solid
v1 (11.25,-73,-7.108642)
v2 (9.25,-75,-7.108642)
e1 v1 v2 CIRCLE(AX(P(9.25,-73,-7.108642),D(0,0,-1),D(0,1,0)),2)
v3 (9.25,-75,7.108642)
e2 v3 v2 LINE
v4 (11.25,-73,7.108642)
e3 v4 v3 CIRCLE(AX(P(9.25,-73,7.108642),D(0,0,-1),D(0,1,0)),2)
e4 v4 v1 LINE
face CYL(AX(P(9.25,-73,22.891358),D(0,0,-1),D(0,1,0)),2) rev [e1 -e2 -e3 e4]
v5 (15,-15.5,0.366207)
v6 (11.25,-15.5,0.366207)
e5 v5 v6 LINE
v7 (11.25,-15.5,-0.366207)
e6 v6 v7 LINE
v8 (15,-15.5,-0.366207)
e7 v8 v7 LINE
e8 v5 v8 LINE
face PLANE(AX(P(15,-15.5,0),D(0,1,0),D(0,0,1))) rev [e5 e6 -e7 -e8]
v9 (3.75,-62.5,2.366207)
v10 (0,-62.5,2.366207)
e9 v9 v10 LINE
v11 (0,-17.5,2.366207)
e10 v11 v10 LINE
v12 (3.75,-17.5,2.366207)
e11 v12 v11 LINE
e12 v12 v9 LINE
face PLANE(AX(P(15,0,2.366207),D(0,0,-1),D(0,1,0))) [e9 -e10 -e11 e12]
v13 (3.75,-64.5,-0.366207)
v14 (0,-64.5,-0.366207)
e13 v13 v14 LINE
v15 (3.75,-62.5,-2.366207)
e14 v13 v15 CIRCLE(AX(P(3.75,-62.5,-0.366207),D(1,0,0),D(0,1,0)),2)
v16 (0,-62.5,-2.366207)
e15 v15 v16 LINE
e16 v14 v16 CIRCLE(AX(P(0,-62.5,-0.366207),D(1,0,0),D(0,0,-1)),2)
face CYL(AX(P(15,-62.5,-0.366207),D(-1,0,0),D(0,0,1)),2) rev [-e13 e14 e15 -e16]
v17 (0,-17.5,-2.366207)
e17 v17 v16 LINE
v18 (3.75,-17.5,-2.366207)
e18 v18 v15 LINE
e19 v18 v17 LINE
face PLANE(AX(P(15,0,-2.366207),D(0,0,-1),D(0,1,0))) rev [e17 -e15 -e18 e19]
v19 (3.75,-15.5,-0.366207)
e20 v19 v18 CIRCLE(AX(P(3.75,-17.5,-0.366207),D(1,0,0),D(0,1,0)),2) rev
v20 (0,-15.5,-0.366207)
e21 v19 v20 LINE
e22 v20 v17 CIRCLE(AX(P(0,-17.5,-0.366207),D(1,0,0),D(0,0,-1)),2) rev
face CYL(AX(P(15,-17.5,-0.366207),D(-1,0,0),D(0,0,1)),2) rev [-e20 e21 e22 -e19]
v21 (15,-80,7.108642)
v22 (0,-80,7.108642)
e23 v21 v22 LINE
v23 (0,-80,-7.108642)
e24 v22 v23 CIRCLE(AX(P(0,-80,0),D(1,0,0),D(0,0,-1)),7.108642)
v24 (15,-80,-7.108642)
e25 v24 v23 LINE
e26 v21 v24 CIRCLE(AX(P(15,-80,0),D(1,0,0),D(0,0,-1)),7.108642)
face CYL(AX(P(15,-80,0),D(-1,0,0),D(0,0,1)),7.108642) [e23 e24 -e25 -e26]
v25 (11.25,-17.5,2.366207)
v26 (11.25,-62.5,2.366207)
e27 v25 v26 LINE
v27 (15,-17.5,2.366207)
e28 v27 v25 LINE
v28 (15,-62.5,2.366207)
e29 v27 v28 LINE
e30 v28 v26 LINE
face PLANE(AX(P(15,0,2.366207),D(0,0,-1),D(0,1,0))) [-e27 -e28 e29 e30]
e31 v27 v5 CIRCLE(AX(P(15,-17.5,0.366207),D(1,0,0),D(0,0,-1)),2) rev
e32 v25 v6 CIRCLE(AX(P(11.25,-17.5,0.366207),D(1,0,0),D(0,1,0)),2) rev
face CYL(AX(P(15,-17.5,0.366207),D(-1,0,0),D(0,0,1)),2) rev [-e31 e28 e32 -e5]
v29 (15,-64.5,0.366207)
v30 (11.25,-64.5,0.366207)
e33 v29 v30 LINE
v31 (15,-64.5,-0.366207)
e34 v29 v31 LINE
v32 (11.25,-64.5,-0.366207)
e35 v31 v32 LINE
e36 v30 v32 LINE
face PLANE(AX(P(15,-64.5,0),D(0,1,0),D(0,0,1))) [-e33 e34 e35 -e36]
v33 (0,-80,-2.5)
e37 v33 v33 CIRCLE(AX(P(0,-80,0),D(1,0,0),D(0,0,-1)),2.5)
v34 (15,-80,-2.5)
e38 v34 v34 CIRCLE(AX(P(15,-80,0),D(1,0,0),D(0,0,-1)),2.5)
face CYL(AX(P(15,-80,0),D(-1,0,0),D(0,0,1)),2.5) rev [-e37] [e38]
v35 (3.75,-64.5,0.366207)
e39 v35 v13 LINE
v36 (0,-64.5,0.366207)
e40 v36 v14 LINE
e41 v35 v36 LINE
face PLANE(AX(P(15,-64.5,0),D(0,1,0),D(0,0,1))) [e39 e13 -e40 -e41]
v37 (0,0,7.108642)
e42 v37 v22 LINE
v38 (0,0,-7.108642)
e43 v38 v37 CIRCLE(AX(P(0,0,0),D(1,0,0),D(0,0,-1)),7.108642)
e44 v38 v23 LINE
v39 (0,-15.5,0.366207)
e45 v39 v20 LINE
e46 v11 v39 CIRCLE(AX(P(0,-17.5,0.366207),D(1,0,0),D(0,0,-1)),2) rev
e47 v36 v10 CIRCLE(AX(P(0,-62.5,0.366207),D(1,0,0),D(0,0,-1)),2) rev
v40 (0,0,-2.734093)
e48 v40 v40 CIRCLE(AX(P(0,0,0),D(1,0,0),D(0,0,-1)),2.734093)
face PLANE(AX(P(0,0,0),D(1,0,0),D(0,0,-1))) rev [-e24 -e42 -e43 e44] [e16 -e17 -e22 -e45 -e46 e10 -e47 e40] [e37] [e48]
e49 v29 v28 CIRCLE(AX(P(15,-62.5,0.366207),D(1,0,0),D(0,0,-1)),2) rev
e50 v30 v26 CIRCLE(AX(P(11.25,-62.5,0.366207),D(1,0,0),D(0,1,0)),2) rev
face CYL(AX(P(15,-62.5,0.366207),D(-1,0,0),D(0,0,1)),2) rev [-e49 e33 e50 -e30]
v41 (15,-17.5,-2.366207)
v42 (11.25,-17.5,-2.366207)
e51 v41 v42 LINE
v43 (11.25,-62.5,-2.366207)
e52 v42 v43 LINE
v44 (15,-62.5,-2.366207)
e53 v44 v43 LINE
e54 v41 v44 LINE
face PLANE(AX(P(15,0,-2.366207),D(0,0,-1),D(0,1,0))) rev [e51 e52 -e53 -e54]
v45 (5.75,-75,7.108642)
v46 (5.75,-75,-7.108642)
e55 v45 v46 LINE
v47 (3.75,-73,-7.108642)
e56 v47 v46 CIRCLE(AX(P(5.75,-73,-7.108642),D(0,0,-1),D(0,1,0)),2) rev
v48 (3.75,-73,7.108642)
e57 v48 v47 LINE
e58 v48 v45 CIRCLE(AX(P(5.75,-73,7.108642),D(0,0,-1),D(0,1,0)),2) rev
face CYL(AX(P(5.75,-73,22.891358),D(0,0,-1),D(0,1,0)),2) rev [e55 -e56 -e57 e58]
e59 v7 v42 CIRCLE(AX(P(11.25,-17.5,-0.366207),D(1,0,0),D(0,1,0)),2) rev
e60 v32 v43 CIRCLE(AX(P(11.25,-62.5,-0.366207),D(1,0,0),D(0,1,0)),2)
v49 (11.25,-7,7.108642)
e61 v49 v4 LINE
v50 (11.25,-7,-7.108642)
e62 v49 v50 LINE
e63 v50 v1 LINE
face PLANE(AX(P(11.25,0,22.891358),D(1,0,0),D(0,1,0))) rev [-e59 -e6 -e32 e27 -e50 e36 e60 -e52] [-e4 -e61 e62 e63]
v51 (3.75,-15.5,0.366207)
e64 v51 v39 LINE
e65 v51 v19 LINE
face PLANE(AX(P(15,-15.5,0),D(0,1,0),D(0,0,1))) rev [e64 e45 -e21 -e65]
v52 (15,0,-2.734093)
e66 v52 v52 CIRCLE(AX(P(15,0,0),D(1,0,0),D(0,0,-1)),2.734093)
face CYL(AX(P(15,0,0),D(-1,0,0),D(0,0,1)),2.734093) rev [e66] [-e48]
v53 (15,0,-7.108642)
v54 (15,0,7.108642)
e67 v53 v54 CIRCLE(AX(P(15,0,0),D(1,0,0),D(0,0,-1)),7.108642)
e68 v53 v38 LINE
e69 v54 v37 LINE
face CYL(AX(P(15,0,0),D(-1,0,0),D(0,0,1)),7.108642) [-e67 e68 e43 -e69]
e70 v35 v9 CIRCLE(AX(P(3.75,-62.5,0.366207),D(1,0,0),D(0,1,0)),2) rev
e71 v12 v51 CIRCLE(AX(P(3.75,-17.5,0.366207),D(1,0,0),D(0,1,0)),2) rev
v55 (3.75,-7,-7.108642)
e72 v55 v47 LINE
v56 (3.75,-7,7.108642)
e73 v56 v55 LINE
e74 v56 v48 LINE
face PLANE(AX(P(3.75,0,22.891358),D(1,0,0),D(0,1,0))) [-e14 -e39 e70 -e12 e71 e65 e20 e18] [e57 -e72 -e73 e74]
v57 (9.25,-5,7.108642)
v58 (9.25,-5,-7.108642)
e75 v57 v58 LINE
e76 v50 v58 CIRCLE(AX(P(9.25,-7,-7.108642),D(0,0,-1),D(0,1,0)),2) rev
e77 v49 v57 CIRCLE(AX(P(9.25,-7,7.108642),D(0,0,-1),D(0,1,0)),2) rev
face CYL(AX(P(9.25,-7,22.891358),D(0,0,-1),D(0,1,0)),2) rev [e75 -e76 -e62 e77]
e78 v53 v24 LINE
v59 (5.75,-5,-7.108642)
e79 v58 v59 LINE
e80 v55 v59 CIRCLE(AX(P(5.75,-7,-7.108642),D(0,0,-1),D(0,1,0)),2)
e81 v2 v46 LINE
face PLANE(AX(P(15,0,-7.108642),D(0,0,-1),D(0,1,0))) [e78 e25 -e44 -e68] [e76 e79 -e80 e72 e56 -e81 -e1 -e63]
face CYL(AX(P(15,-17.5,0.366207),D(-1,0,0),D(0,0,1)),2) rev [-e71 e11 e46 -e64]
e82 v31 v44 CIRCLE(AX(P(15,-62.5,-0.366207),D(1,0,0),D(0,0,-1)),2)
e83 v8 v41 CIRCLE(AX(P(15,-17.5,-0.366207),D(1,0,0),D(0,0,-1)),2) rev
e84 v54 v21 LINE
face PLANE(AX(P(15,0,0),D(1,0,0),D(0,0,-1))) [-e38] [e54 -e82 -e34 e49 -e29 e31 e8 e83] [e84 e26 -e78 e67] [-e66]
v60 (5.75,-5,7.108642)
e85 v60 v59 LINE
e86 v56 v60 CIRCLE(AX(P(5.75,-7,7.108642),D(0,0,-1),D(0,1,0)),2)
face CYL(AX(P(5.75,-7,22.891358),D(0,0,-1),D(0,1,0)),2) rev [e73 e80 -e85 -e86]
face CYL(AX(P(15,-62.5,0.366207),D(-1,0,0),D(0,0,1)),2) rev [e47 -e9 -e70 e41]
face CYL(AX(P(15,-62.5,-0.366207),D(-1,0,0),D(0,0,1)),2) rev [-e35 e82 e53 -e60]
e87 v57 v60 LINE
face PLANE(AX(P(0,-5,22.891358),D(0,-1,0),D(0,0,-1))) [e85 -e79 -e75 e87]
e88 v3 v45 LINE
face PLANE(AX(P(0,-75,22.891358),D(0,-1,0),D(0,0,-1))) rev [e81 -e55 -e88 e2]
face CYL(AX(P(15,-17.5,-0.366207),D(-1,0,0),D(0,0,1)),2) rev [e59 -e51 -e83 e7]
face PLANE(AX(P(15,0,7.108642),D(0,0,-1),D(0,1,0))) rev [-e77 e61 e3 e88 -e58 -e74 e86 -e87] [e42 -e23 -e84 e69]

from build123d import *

# Parameters (mm, degrees)
SKETCH2_R           = 2.5
SKETCH2_R_2         = 2.734092972
BOSS_EXTRUDE1_DEPTH = 15
CUT_EXTRUDE1_DEPTH  = 30


with BuildPart() as part:
    # Sketch2 → Boss-Extrude1 (new body)
    with BuildSketch(Plane(origin=(0, 0, 0), x_dir=(0, 0, -1), z_dir=(1, 0, 0))):
        with BuildLine():
            Line((7.108641727, -80), (7.108641727, 0))
            ThreePointArc((7.108641727, 0), (0, 7.108641727), (-7.108641727, 0))
            Line((-7.108641727, 0), (-7.108641727, -80))
            ThreePointArc((-7.108641727, -80), (0, -87.108641727), (7.108641727, -80))
        make_face()
        with Locations((0, -80)):
            Circle(SKETCH2_R, mode=Mode.SUBTRACT)
        with BuildLine():
            Line((-0.366207439, -15.5), (0, -15.5))
            Line((0, -15.5), (0.366207439, -15.5))
            ThreePointArc((0.366207439, -15.5), (1.780421002, -16.085786438), (2.366207439, -17.5))
            Line((2.366207439, -17.5), (2.366207439, -62.5))
            ThreePointArc((2.366207439, -62.5), (1.780421002, -63.914213562), (0.366207439, -64.5))
            Line((0.366207439, -64.5), (-0.366207439, -64.5))
            ThreePointArc((-0.366207439, -64.5), (-1.780421002, -63.914213562), (-2.366207439, -62.5))
            Line((-2.366207439, -62.5), (-2.366207439, -17.5))
            ThreePointArc((-2.366207439, -17.5), (-1.780421002, -16.085786438), (-0.366207439, -15.5))
        make_face(mode=Mode.SUBTRACT)
        Circle(SKETCH2_R_2, mode=Mode.SUBTRACT)
    extrude(amount=BOSS_EXTRUDE1_DEPTH)

    # Sketch3 → Cut-Extrude1 (cut)
    with BuildSketch(Plane(origin=(0, 0, -7.108641727), x_dir=(-1, 0, 0), z_dir=(0, 0, -1))):
        with BuildLine():
            Line((-5.75, -5), (-7.5, -5))
            Line((-7.5, -5), (-7.5, -75))
            Line((-7.5, -75), (-5.75, -75))
            ThreePointArc((-5.75, -75), (-4.335786438, -74.414213562), (-3.75, -73))
            Line((-3.75, -73), (-3.75, -7))
            ThreePointArc((-3.75, -7), (-4.335786438, -5.585786438), (-5.75, -5))
        make_face()
        with BuildLine():
            Line((-7.5, -75), (-7.5, -5))
            Line((-7.5, -5), (-9.25, -5))
            ThreePointArc((-9.25, -5), (-10.664213562, -5.585786438), (-11.25, -7))
            Line((-11.25, -7), (-11.25, -73))
            ThreePointArc((-11.25, -73), (-10.664213562, -74.414213562), (-9.25, -75))
            Line((-9.25, -75), (-7.5, -75))
        make_face()
    extrude(amount=-CUT_EXTRUDE1_DEPTH, mode=Mode.SUBTRACT)


solid = part.part
